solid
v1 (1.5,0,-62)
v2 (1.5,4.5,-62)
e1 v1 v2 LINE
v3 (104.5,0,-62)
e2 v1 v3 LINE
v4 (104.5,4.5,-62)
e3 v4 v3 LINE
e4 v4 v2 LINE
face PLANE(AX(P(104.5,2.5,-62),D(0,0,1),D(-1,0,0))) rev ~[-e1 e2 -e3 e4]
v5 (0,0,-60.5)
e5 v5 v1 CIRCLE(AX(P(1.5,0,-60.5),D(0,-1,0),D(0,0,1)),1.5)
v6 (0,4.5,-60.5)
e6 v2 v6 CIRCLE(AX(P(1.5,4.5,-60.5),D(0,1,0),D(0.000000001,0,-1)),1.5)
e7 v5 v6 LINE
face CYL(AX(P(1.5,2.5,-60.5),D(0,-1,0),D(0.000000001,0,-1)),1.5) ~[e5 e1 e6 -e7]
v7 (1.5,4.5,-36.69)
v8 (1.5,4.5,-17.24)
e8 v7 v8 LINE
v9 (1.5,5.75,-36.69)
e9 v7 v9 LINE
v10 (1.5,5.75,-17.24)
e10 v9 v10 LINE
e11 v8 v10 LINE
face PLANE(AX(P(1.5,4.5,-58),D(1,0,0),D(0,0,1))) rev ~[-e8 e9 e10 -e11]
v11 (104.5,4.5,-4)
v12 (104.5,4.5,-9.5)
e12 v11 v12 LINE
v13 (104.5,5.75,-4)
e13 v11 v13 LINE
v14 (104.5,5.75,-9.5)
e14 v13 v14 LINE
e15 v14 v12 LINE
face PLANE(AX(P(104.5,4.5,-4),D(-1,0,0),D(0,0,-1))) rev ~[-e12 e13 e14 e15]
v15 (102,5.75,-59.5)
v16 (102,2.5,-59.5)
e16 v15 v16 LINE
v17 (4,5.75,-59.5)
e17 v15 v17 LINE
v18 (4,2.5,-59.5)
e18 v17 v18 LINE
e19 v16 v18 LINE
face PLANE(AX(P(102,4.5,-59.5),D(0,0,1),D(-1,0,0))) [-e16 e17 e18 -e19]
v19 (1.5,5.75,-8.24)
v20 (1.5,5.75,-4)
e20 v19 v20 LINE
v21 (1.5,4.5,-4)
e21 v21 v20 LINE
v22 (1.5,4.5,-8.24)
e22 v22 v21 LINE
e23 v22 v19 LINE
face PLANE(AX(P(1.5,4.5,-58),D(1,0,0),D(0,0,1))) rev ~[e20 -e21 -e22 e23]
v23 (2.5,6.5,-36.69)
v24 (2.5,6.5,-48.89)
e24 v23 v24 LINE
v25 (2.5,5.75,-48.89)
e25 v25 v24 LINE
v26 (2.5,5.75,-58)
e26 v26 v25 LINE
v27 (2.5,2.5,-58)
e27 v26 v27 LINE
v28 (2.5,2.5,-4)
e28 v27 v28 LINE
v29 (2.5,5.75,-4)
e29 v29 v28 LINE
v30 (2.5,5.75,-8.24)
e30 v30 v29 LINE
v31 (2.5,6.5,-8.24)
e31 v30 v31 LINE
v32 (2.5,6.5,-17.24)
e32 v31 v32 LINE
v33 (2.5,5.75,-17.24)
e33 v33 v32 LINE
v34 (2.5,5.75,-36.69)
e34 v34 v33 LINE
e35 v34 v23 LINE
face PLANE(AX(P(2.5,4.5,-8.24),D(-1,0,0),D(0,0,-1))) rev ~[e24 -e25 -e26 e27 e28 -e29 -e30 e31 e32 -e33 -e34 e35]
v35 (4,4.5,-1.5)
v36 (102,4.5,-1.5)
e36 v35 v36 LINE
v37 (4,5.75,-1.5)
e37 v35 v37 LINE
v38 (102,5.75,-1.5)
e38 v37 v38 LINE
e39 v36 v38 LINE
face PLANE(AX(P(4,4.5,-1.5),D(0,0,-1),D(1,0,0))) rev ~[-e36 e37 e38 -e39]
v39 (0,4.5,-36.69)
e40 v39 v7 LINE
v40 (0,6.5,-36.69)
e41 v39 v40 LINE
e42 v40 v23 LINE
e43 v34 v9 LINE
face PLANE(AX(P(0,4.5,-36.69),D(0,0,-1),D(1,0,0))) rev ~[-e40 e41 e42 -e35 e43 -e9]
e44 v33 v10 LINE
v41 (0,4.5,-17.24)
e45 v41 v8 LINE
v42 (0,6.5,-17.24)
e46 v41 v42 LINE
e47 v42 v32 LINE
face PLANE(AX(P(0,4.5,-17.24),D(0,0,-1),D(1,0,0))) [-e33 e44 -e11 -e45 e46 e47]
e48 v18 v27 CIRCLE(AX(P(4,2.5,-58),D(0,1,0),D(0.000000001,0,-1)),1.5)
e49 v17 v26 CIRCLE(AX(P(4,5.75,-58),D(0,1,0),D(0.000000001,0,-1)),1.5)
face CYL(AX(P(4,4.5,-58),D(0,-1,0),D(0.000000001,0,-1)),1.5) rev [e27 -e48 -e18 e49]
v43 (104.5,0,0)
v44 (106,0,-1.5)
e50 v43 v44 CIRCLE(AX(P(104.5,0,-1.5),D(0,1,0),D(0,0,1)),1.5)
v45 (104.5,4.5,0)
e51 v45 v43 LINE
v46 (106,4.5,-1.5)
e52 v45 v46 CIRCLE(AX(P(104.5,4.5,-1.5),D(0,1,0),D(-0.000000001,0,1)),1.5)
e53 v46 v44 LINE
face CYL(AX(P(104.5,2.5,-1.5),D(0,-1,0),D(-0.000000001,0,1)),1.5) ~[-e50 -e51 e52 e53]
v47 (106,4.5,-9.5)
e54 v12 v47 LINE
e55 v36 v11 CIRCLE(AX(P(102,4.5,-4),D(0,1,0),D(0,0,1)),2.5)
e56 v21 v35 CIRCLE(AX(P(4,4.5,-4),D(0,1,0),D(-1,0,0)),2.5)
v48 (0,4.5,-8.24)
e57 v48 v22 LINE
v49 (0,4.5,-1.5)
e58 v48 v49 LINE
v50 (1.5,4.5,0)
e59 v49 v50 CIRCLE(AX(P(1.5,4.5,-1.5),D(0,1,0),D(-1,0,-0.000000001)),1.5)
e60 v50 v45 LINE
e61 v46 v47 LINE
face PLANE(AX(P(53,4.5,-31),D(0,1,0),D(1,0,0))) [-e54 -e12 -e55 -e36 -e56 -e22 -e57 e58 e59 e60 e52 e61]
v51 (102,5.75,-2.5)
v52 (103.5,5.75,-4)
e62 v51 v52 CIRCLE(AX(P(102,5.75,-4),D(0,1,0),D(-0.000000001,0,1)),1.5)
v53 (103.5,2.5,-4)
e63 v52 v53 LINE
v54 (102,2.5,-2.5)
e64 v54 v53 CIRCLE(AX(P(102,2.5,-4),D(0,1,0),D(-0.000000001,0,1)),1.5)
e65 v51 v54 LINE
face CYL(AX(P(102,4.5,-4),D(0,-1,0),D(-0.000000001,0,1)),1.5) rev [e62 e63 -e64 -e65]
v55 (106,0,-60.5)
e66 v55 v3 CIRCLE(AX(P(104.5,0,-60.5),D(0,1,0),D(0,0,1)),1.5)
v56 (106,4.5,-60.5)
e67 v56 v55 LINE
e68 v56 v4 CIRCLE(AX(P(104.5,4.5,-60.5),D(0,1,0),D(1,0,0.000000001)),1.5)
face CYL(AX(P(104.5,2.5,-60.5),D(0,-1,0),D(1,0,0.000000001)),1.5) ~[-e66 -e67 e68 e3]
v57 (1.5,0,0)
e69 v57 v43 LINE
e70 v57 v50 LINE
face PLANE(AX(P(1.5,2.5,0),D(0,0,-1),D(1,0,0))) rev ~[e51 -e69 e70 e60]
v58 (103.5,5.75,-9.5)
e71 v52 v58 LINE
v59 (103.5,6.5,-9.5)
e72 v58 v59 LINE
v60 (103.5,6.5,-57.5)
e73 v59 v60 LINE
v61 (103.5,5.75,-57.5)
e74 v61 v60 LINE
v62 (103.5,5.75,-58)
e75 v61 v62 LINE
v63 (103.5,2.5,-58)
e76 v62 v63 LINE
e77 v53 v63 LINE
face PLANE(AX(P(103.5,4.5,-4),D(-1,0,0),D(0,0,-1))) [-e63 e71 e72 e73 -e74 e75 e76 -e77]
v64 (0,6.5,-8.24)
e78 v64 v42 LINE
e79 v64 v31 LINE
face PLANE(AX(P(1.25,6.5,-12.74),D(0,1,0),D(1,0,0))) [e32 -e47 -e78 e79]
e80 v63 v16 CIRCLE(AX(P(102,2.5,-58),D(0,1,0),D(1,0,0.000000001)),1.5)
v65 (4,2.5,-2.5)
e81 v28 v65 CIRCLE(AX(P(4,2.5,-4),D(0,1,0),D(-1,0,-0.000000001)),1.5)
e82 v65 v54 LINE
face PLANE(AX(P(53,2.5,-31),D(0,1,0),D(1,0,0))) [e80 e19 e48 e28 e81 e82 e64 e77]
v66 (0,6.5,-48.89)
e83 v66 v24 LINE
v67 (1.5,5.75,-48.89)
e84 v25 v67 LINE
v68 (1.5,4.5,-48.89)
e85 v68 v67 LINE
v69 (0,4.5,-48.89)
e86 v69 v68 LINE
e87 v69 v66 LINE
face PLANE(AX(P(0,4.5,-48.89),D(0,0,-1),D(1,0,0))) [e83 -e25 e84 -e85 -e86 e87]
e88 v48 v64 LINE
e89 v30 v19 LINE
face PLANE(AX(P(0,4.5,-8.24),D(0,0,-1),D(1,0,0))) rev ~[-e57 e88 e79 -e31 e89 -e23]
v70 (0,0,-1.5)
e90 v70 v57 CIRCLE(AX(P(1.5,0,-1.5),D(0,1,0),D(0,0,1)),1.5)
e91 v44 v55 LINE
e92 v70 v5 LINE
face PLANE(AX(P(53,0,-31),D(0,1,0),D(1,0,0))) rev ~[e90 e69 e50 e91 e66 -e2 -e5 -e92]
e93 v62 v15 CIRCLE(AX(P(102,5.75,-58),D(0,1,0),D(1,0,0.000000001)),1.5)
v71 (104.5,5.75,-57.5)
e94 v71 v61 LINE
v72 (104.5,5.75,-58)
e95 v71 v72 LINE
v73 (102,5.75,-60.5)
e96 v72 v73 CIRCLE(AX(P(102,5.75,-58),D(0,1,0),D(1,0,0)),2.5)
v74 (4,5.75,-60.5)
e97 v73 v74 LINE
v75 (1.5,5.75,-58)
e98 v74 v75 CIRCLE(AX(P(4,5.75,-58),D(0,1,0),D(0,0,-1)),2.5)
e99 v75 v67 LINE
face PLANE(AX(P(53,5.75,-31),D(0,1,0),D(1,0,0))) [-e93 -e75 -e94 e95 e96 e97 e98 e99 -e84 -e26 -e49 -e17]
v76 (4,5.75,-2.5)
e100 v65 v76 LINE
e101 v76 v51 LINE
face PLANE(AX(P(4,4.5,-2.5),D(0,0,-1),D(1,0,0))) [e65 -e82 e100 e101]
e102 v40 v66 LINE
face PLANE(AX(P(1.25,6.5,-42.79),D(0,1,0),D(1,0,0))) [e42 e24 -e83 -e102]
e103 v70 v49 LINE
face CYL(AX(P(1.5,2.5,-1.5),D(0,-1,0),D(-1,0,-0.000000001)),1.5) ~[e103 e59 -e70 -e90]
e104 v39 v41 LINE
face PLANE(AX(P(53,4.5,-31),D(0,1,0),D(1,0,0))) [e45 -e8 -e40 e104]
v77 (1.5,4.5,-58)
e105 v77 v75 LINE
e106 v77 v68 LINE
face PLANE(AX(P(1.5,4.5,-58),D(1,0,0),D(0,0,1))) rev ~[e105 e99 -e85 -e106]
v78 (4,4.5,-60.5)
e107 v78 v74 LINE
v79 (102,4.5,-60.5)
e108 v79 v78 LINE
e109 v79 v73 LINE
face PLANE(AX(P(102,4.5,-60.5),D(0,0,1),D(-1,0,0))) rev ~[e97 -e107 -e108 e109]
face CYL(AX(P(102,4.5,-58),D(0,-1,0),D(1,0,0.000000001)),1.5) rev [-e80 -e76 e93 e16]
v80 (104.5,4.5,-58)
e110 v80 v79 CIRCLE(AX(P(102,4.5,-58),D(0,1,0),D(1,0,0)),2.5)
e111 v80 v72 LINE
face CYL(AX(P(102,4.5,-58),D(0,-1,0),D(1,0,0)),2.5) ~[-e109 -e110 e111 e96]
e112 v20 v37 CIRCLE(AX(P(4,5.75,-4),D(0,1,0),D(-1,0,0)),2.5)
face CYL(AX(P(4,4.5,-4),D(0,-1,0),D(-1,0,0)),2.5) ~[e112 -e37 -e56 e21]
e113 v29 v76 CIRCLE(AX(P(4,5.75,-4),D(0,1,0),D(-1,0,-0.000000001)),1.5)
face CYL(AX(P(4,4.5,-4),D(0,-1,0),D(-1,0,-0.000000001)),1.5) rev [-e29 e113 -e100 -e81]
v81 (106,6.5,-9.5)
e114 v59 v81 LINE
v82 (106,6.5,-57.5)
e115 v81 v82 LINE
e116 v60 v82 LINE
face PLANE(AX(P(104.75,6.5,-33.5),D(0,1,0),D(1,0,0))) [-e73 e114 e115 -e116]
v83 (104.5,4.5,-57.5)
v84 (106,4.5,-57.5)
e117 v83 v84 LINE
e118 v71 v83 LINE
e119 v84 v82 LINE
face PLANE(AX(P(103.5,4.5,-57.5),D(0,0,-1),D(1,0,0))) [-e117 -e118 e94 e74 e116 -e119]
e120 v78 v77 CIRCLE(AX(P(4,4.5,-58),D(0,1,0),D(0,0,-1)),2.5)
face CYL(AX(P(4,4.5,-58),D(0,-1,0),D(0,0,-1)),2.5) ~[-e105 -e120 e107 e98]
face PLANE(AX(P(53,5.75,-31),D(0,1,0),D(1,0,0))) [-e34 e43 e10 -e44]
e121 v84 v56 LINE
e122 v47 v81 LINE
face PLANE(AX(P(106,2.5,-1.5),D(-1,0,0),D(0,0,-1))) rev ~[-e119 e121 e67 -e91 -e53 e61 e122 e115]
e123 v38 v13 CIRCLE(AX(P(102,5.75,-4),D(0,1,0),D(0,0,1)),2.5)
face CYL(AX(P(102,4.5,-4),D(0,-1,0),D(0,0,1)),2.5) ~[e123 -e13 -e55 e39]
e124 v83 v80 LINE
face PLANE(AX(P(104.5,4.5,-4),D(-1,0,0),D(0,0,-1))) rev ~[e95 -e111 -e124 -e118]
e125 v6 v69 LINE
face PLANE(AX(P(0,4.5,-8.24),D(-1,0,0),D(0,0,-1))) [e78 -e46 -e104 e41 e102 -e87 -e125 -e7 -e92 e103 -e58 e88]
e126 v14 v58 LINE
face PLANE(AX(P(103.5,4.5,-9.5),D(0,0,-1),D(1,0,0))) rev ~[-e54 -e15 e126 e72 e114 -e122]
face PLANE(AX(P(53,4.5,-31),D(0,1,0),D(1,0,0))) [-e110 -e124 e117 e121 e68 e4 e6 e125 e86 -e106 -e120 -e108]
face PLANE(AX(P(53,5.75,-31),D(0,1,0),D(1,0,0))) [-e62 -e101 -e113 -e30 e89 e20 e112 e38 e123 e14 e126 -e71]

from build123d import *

# Parameters (mm, degrees)
SKETCH1_W           = 106
SKETCH1_H           = 62
BOSS_EXTRUDE1_DEPTH = 2.5
FILLET1_R           = 1.5
BOSS_EXTRUDE2_DEPTH = 2
BOSS_EXTRUDE3_DEPTH = 1.25
SKETCH4_W           = 2.5
SKETCH4_H           = 9
SKETCH4_H_2         = 12.2
SKETCH4_H_3         = 48
BOSS_EXTRUDE4_DEPTH = 2


with BuildPart() as part:
    # Sketch1 → Boss-Extrude1 (new body)
    with BuildSketch(Plane(origin=(0, 0, 0), x_dir=(1, 0, 0), z_dir=(0, 1, 0))):
        with Locations((53, 31)):
            Rectangle(SKETCH1_W, SKETCH1_H)
    extrude(amount=BOSS_EXTRUDE1_DEPTH)

    # Fillet1
    fillet1_edges = [part.edges().sort_by_distance(p)[0] for p in [
        (0, 1.25, 0),
        (0, 1.25, -62),
        (106, 1.25, -62),
        (106, 1.25, 0),
    ]]
    fillet(fillet1_edges, radius=FILLET1_R)

    # Sketch2 → Boss-Extrude2 (add)
    with BuildSketch(Plane(origin=(0, 2.5, 0), x_dir=(1, 0, 0), z_dir=(0, 1, 0))):
        with BuildLine():
            Line((104.5, 62), (1.5, 62))
            ThreePointArc((1.5, 62), (0.439339828, 61.560660172), (0, 60.5))
            Line((0, 60.5), (0, 1.5))
            ThreePointArc((0, 1.5), (0.439339828, 0.439339828), (1.5, 0))
            Line((1.5, 0), (104.5, 0))
            ThreePointArc((104.5, 0), (105.560660172, 0.439339828), (106, 1.5))
            Line((106, 1.5), (106, 60.5))
            ThreePointArc((106, 60.5), (105.560660172, 61.560660172), (104.5, 62))
        make_face()
        with BuildLine():
            Line((102, 59.5), (4, 59.5))
            ThreePointArc((4, 59.5), (2.939339828, 59.060660172), (2.5, 58))
            Line((2.5, 58), (2.5, 4))
            ThreePointArc((2.5, 4), (2.939339828, 2.939339828), (4, 2.5))
            Line((4, 2.5), (102, 2.5))
            ThreePointArc((102, 2.5), (103.060660172, 2.939339828), (103.5, 4))
            Line((103.5, 4), (103.5, 58))
            ThreePointArc((103.5, 58), (103.060660172, 59.060660172), (102, 59.5))
        make_face(mode=Mode.SUBTRACT)
    extrude(amount=BOSS_EXTRUDE2_DEPTH)

    # Sketch3 → Boss-Extrude3 (add)
    with BuildSketch(Plane(origin=(0, 4.5, 0), x_dir=(1, 0, 0), z_dir=(0, 1, 0))):
        with BuildLine():
            Line((4, 1.5), (102, 1.5))
            ThreePointArc((102, 1.5), (103.767766953, 2.232233047), (104.5, 4))
            Line((104.5, 4), (104.5, 58))
            ThreePointArc((104.5, 58), (103.767766953, 59.767766953), (102, 60.5))
            Line((102, 60.5), (4, 60.5))
            ThreePointArc((4, 60.5), (2.232233047, 59.767766953), (1.5, 58))
            Line((1.5, 58), (1.5, 4))
            ThreePointArc((1.5, 4), (2.232233047, 2.232233047), (4, 1.5))
        make_face()
        with BuildLine():
            Line((4, 2.5), (102, 2.5))
            ThreePointArc((102, 2.5), (103.060660172, 2.939339828), (103.5, 4))
            Line((103.5, 4), (103.5, 58))
            ThreePointArc((103.5, 58), (103.060660172, 59.060660172), (102, 59.5))
            Line((102, 59.5), (4, 59.5))
            ThreePointArc((4, 59.5), (2.939339828, 59.060660172), (2.5, 58))
            Line((2.5, 58), (2.5, 4))
            ThreePointArc((2.5, 4), (2.939339828, 2.939339828), (4, 2.5))
        make_face(mode=Mode.SUBTRACT)
    extrude(amount=BOSS_EXTRUDE3_DEPTH)

    # Sketch4 → Boss-Extrude4 (add)
    with BuildSketch(Plane(origin=(0, 4.5, 0), x_dir=(1, 0, 0), z_dir=(0, 1, 0))):
        with Locations((1.25, 12.74)):
            Rectangle(SKETCH4_W, SKETCH4_H)
        with Locations((1.25, 42.79)):
            Rectangle(SKETCH4_W, SKETCH4_H_2)
        with Locations((104.75, 33.5)):
            Rectangle(SKETCH4_W, SKETCH4_H_3)
    extrude(amount=BOSS_EXTRUDE4_DEPTH)


solid = part.part
